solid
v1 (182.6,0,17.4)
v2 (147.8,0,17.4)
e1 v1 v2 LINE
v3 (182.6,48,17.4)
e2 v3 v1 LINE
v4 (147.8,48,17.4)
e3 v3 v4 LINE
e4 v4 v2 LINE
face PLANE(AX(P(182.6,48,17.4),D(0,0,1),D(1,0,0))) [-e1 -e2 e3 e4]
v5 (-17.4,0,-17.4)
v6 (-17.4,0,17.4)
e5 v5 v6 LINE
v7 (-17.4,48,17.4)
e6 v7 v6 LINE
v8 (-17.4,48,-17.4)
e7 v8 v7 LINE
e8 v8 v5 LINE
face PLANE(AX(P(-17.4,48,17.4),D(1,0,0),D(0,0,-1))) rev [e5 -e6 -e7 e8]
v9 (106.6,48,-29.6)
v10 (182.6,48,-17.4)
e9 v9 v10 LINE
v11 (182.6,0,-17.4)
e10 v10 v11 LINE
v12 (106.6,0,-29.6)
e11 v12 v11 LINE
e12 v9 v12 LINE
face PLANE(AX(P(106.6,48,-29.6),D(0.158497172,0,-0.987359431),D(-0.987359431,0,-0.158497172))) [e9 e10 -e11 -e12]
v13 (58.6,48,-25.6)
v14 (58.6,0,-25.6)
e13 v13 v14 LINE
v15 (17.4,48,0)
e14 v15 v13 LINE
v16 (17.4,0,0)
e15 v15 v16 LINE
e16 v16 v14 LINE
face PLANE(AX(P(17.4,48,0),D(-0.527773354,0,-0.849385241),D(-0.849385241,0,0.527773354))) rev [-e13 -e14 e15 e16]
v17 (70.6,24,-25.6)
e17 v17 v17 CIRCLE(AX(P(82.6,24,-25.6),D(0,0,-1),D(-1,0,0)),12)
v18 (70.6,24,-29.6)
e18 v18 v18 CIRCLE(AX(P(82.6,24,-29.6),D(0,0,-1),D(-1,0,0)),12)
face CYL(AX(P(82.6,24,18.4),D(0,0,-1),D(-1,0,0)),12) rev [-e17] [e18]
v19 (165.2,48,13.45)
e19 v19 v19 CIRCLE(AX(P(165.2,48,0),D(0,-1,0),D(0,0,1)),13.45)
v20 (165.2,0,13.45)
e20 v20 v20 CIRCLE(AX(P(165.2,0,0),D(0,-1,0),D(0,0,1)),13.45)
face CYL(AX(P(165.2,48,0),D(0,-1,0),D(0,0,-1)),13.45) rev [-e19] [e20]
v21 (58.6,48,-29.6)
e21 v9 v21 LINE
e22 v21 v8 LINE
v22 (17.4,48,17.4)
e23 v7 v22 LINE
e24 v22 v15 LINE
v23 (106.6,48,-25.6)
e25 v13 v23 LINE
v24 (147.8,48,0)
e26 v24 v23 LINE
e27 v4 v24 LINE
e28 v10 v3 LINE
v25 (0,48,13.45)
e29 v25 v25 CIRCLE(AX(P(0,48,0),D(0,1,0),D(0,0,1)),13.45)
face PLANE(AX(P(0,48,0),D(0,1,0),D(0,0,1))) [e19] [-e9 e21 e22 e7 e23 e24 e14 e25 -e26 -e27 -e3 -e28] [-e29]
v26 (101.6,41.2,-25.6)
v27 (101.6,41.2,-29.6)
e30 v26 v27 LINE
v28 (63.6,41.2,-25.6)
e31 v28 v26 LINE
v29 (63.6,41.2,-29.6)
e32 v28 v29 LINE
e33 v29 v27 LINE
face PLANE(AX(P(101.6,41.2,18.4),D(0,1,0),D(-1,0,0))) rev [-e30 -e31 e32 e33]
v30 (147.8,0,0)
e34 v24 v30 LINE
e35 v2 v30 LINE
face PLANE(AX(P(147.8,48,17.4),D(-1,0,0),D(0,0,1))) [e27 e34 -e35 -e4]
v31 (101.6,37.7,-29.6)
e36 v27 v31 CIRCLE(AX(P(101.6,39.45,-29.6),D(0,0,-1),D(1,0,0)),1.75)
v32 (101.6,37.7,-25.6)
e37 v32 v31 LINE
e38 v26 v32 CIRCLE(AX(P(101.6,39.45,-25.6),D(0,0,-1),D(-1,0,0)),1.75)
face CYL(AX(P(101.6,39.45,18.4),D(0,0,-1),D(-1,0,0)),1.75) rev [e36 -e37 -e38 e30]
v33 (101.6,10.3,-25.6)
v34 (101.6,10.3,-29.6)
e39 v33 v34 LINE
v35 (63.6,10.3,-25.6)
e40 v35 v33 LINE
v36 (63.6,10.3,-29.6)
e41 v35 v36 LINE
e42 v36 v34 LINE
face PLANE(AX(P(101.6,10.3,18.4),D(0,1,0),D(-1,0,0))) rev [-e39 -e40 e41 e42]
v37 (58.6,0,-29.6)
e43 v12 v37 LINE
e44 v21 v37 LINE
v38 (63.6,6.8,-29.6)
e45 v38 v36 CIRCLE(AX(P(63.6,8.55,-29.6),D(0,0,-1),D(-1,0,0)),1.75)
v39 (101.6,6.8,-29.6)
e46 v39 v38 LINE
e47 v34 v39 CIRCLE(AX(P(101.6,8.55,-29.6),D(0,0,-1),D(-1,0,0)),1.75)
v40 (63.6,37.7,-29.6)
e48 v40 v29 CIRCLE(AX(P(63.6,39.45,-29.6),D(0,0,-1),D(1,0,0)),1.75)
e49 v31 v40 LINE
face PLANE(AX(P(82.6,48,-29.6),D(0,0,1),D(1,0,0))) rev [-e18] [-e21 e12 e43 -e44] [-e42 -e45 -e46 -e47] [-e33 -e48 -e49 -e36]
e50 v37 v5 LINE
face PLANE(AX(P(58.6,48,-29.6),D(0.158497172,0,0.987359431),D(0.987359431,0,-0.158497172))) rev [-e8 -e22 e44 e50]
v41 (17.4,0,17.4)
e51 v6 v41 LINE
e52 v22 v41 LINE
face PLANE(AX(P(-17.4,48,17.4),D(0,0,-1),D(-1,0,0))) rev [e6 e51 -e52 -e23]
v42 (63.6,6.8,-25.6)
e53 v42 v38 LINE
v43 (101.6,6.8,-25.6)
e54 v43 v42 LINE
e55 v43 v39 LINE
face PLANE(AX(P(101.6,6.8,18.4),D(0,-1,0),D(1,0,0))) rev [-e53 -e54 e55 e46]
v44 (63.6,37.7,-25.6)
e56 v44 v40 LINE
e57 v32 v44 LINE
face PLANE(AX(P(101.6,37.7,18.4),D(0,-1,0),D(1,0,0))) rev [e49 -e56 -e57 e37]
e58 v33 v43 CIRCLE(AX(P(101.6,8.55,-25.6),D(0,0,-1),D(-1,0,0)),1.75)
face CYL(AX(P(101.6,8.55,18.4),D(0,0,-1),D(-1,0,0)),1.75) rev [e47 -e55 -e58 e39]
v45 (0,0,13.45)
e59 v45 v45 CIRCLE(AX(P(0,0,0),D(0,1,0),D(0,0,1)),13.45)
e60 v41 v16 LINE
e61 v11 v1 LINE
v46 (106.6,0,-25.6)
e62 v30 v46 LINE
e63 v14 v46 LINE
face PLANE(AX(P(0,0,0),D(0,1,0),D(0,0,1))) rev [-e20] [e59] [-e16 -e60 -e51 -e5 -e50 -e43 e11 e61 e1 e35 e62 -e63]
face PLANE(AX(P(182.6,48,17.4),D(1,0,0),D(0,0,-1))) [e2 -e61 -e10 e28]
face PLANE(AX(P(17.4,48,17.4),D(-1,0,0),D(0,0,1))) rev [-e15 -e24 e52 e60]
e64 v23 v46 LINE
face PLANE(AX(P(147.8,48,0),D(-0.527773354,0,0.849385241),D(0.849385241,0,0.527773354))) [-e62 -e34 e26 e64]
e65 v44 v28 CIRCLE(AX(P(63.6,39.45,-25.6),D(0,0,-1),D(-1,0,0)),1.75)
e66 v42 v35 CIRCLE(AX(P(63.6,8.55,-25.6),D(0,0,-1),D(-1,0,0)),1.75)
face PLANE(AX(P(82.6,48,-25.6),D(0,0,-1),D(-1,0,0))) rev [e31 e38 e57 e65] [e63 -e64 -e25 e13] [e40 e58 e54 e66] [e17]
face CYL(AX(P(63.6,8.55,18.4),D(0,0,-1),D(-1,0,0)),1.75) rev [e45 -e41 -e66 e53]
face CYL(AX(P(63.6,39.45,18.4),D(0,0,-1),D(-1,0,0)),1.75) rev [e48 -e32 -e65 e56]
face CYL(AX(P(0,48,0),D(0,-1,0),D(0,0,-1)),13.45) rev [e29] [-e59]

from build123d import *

# Parameters (mm, degrees)
SKETCH2_R           = 13.45
BOSS_EXTRUDE1_DEPTH = 48
SKETCH4_R           = 12
CUT_EXTRUDE1_DEPTH  = 48


with BuildPart() as part:
    # Sketch2 → Boss-Extrude1 (new body)
    with BuildSketch(Plane(origin=(0, 0, 0), x_dir=(1, 0, 0), z_dir=(0, 1, 0))):
        Polygon((-17.4, -17.4), (17.4, -17.4), (17.4, 0), (58.6, 25.6), (82.6, 25.6), (82.6, 29.6), (58.6, 29.6), (-17.4, 17.4), align=None)
        with Locations(Location((0, 0, 0), (0, 0, 270))):
            Circle(SKETCH2_R, mode=Mode.SUBTRACT)
    boss_extrude1 = extrude(amount=BOSS_EXTRUDE1_DEPTH)

    # Mirror1: Boss-Extrude1 across plane
    add(boss_extrude1.mirror(Plane(origin=(82.6, 0, 0), x_dir=(0, 0, 1), z_dir=(1, 0, 0))))

    # Sketch4 → Cut-Extrude1 (cut)
    with BuildSketch(Plane(origin=(0, 0, -29.6), x_dir=(-1, 0, 0), z_dir=(0, 0, -1))):
        with Locations((-82.6, 24)):
            Circle(SKETCH4_R)
        with BuildLine():
            Line((-101.6, 10.3), (-63.6, 10.3))
            ThreePointArc((-63.6, 10.3), (-61.85, 8.55), (-63.6, 6.8))
            Line((-63.6, 6.8), (-101.6, 6.8))
            ThreePointArc((-101.6, 6.8), (-103.35, 8.55), (-101.6, 10.3))
        make_face()
        with BuildLine():
            Line((-101.6, 37.7), (-63.6, 37.7))
            ThreePointArc((-63.6, 37.7), (-61.85, 39.45), (-63.6, 41.2))
            Line((-63.6, 41.2), (-101.6, 41.2))
            ThreePointArc((-101.6, 41.2), (-103.35, 39.45), (-101.6, 37.7))
        make_face()
    extrude(amount=-CUT_EXTRUDE1_DEPTH, mode=Mode.SUBTRACT)


solid = part.part
